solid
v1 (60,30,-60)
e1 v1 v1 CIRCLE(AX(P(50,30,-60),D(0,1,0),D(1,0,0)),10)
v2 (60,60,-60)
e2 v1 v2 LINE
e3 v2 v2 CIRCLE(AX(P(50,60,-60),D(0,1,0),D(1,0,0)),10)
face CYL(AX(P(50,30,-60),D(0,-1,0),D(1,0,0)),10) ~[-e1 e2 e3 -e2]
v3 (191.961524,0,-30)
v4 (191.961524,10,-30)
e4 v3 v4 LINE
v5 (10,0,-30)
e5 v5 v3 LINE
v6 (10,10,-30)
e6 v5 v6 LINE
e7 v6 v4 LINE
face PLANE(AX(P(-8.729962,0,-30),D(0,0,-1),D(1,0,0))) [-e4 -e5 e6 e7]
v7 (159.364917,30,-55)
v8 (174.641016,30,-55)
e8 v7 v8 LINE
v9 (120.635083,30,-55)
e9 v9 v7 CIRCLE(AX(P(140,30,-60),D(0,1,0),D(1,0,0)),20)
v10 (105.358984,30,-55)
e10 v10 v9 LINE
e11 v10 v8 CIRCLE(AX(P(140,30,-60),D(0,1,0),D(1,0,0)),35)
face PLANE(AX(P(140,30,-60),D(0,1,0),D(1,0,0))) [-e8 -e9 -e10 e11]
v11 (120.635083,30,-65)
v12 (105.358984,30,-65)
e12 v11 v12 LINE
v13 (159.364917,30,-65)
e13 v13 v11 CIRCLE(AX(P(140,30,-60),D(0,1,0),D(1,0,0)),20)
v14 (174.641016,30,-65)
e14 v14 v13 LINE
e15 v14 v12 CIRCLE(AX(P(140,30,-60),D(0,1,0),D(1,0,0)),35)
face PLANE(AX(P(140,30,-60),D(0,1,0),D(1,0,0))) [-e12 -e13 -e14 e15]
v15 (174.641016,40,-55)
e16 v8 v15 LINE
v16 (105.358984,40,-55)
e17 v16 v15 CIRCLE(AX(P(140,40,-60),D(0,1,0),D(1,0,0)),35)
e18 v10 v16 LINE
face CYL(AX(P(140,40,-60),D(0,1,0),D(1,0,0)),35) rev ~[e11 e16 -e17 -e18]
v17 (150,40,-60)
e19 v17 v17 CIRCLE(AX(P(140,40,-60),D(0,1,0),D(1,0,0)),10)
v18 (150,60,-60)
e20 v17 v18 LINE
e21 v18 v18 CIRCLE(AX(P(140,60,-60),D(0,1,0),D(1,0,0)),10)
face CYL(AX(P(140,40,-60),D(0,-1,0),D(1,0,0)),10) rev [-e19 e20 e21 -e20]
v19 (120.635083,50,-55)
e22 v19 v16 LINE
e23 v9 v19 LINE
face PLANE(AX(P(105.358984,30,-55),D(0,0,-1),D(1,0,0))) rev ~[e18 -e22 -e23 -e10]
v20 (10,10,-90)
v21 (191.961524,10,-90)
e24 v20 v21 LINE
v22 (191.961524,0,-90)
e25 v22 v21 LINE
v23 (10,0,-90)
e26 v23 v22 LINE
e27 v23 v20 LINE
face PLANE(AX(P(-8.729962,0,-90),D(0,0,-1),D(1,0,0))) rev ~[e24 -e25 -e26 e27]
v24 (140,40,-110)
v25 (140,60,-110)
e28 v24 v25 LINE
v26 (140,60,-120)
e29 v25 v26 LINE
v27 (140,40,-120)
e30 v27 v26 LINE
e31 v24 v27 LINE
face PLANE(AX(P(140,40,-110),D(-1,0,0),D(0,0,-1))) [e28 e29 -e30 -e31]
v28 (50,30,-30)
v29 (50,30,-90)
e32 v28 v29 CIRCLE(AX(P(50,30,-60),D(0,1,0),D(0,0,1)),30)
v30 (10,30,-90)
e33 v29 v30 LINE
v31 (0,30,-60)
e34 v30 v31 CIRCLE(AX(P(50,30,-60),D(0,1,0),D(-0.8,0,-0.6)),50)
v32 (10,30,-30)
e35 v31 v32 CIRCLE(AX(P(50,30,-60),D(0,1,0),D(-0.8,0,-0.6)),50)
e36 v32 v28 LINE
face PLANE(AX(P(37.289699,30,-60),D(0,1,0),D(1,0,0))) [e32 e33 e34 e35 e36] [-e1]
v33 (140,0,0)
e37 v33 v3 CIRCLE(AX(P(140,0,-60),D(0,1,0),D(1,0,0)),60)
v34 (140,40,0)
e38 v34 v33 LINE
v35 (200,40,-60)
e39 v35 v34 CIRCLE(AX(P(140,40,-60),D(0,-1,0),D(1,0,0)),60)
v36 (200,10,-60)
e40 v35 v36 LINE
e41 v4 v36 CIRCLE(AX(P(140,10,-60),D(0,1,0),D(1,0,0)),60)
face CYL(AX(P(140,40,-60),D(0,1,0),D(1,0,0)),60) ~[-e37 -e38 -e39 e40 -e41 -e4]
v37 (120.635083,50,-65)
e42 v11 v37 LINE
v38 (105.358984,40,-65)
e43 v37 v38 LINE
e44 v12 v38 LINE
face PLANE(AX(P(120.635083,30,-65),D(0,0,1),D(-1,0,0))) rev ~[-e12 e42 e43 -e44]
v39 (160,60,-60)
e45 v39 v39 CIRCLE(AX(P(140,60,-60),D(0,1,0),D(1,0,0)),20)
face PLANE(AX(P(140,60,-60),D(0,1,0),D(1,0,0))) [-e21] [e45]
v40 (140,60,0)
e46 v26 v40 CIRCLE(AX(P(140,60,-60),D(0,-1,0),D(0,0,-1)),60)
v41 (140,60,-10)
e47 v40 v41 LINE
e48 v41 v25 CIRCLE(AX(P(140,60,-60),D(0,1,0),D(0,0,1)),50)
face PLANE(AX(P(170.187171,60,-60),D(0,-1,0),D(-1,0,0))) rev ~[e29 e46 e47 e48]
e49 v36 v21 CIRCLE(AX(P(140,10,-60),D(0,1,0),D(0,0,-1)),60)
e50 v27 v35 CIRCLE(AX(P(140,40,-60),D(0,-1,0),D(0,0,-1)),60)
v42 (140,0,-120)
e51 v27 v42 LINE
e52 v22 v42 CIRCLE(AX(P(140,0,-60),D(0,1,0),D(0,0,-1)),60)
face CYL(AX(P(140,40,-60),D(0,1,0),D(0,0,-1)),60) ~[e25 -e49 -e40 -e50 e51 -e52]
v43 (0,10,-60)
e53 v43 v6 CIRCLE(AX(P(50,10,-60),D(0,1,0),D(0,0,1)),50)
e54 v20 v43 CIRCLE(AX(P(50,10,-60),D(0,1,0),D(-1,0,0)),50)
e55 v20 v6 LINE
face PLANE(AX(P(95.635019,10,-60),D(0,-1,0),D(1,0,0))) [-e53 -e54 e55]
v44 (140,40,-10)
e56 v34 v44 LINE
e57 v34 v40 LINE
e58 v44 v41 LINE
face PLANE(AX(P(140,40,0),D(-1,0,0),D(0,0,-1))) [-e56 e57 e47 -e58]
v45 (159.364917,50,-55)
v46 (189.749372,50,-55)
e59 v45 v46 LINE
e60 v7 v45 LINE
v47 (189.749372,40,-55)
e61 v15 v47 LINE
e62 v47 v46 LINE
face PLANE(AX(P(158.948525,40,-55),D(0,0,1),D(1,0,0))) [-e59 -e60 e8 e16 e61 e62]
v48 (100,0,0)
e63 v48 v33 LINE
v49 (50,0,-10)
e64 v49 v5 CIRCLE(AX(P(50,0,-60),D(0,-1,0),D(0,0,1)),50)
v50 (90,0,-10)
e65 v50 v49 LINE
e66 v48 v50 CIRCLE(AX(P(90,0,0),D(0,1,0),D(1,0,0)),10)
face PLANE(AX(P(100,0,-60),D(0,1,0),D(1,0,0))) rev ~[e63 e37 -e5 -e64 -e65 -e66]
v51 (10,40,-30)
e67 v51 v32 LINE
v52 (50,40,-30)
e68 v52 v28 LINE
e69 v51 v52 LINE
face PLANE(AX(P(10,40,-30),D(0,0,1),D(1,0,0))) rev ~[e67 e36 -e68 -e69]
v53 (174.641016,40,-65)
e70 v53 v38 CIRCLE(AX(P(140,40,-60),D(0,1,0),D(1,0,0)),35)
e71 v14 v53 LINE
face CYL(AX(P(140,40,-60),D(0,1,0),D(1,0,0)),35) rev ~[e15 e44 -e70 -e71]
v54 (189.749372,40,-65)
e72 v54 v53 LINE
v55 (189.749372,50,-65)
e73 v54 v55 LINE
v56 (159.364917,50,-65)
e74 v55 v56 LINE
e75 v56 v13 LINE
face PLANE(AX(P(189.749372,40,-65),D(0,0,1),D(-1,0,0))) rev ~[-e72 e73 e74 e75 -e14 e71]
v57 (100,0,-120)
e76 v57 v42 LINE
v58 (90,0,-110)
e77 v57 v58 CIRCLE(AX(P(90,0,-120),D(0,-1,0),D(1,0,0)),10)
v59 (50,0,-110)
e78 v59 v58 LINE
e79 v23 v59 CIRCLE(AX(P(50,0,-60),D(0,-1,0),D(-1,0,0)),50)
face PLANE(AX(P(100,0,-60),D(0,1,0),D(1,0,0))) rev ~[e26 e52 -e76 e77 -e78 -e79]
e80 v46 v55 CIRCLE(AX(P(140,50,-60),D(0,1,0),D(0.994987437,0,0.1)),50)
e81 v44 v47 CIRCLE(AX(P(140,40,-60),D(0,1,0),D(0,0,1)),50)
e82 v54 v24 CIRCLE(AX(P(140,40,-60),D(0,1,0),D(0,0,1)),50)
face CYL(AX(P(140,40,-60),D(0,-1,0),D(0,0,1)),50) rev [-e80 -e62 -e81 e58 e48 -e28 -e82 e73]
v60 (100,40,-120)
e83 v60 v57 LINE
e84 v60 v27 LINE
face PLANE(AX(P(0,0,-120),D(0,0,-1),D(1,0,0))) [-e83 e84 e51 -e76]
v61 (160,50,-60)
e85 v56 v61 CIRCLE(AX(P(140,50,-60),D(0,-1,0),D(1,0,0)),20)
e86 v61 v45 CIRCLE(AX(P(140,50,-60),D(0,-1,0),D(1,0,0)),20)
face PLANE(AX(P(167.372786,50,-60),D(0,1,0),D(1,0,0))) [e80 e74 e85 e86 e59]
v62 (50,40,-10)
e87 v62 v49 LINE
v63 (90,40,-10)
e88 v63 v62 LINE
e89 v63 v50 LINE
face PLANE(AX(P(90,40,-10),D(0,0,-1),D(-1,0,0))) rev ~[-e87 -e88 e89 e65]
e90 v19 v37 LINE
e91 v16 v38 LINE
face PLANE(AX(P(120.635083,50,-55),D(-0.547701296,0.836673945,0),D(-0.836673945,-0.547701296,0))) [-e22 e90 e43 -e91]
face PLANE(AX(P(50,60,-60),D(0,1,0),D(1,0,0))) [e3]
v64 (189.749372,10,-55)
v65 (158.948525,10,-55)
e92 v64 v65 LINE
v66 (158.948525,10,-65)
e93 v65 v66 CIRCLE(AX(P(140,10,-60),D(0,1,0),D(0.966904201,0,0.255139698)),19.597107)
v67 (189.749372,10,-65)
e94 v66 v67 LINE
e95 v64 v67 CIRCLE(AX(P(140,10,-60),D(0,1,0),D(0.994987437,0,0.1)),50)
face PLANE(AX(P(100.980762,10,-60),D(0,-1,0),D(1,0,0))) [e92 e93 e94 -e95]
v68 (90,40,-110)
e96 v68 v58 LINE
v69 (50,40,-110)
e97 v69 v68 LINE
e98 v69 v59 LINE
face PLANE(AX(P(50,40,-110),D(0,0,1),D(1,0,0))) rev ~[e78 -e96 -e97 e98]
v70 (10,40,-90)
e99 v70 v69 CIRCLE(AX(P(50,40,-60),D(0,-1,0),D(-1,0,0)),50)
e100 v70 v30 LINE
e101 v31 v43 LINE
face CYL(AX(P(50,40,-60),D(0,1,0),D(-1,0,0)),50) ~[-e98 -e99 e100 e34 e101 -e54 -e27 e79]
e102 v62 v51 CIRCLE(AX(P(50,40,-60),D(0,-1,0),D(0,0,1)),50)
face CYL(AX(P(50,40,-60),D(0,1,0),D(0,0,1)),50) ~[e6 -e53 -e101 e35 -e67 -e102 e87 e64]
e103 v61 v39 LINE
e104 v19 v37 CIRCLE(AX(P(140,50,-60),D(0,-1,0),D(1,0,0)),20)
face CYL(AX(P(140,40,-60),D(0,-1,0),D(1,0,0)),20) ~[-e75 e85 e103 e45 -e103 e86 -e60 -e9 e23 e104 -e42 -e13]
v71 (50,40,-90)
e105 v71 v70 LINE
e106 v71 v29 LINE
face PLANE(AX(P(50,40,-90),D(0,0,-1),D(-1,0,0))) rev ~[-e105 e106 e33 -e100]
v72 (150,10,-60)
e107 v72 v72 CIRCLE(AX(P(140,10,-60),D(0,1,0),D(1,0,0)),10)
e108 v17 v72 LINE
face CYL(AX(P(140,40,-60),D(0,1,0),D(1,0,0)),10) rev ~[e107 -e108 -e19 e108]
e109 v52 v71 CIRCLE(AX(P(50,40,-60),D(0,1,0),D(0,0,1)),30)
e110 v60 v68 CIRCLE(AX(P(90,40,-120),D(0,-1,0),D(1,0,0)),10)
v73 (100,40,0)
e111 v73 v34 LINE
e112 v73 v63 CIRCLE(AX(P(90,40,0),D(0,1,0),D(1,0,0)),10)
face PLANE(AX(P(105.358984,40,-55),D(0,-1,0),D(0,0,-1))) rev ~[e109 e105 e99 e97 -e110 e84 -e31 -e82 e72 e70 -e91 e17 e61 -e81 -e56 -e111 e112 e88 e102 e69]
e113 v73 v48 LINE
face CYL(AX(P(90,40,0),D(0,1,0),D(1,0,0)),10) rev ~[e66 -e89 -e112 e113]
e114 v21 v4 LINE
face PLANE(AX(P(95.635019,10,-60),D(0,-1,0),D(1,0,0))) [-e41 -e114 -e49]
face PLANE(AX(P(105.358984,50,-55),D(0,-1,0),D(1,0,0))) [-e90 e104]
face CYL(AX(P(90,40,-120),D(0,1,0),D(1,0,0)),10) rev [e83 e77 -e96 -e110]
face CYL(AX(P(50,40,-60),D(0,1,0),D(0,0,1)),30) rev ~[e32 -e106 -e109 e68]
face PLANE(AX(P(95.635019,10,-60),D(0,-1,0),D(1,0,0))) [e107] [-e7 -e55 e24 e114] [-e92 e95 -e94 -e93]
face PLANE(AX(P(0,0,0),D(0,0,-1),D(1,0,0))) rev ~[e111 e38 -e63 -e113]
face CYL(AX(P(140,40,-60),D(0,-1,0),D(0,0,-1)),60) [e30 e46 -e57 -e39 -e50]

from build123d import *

# Parameters (mm, degrees)
SKETCH1_W                 = 200
SKETCH1_H                 = 120
BOSS_EXTRUDE1_DEPTH       = 40
CUT_EXTRUDE2_DEPTH        = 40
CUT_EXTRUDE3_DEPTH        = 40
CUT_EXTRUDE4_DEPTH        = 40
SKETCH5_W                 = 208.7299617
SKETCH5_H                 = 60
CUT_EXTRUDE5_DEPTH        = 10
CUT_EXTRUDE6_DEPTH        = 116
BOSS_EXTRUDE2_DEPTH       = 20
CUT_EXTRUDE7_DEPTH        = 10
SKETCH9_R                 = 10
BOSS_EXTRUDE3_DEPTH       = 30
SKETCH10_R                = 10
CUT_EXTRUDE8_DEPTH        = 69
SKETCH11_R                = 20
SKETCH11_R_2              = 10
BOSS_EXTRUDE4_DEPTH       = 20
SKETCH12_R                = 35
SKETCH12_R_2              = 20
CUT_EXTRUDE9_DEPTH        = 10
BOSS_EXTRUDE10_DEPTH      = 10
BOSS_EXTRUDE10_DEPTH_BACK = 36
BOSS_EXTRUDE11_DEPTH      = 20
CUT_EXTRUDE10_DEPTH       = 20
SKETCH17_W                = 10
SKETCH17_H                = 10
CUT_EXTRUDE11_DEPTH       = 20
SKETCH18_W                = 181.961524227
SKETCH18_H                = 60
CUT_EXTRUDE12_DEPTH       = 20


with BuildPart() as part:
    # Sketch1 → Boss-Extrude1 (new body)
    with BuildSketch(Plane(origin=(0, 0, 0), x_dir=(1, 0, 0), z_dir=(0, 1, 0))):
        with Locations((100, 60)):
            Rectangle(SKETCH1_W, SKETCH1_H)
    extrude(amount=BOSS_EXTRUDE1_DEPTH)

    # Sketch2 → Cut-Extrude2 (cut)
    with BuildSketch(Plane(origin=(0, 40, 0), x_dir=(1, 0, 0), z_dir=(0, 1, 0))):
        Polygon((0, 110), (50, 110), (90, 110), (90, 120), (0, 120), align=None)
        with BuildLine():
            ThreePointArc((0, 60), (14.644660941, 95.355339059), (50, 110))
            Line((50, 110), (0, 110))
            Line((0, 110), (0, 60))
        make_face()
        with BuildLine():
            ThreePointArc((50, 10), (14.644660941, 24.644660941), (0, 60))
            Line((0, 60), (0, 0))
            Line((0, 0), (90, 0))
            Line((90, 0), (90, 10))
            Line((90, 10), (50, 10))
        make_face()
    extrude(amount=-CUT_EXTRUDE2_DEPTH, mode=Mode.SUBTRACT)

    # Sketch3 → Cut-Extrude3 (cut)
    with BuildSketch(Plane(origin=(0, 40, 0), x_dir=(1, 0, 0), z_dir=(0, 1, 0))):
        with BuildLine():
            Line((90, 110), (90, 120))
            Line((90, 120), (100, 120))
            ThreePointArc((100, 120), (97.071067812, 112.928932188), (90, 110))
        make_face()
    extrude(amount=-CUT_EXTRUDE3_DEPTH, mode=Mode.SUBTRACT)

    # Sketch4 → Cut-Extrude4 (cut)
    with BuildSketch(Plane(origin=(0, 40, 0), x_dir=(1, 0, 0), z_dir=(0, 1, 0))):
        with BuildLine():
            Line((90, 10), (90, 0))
            Line((90, 0), (100, 0))
            ThreePointArc((100, 0), (97.071067812, 7.071067812), (90, 10))
        make_face()
    extrude(amount=-CUT_EXTRUDE4_DEPTH, mode=Mode.SUBTRACT)

    # Sketch5 → Cut-Extrude5 (cut)
    with BuildSketch(Plane.XZ):
        with Locations((95.63501915, -60)):
            Rectangle(SKETCH5_W, SKETCH5_H)
    extrude(amount=-CUT_EXTRUDE5_DEPTH, mode=Mode.SUBTRACT)

    # Sketch6 → Cut-Extrude6 (cut)
    with BuildSketch(Plane(origin=(0, 40, 0), x_dir=(1, 0, 0), z_dir=(0, 1, 0))):
        with BuildLine():
            Line((200, 120), (140, 120))
            ThreePointArc((140, 120), (182.426406871, 102.426406871), (200, 60))
            Line((200, 60), (200, 120))
        make_face()
        with BuildLine():
            Line((200, 0), (200, 60))
            ThreePointArc((200, 60), (182.426406871, 17.573593129), (140, 0))
            Line((140, 0), (200, 0))
        make_face()
    extrude(amount=-CUT_EXTRUDE6_DEPTH, mode=Mode.SUBTRACT)

    # Sketch7 → Boss-Extrude2 (add)
    with BuildSketch(Plane(origin=(0, 40, 0), x_dir=(1, 0, 0), z_dir=(0, 1, 0))):
        with BuildLine():
            Line((140, 110), (140, 120))
            ThreePointArc((140, 120), (200, 60), (140, 0))
            Line((140, 0), (140, 10))
            ThreePointArc((140, 10), (190, 60), (140, 110))
        make_face()
    extrude(amount=BOSS_EXTRUDE2_DEPTH)

    # Sketch8 → Cut-Extrude7 (cut)
    with BuildSketch(Plane(origin=(0, 40, 0), x_dir=(1, 0, 0), z_dir=(0, 1, 0))):
        with BuildLine():
            Line((50, 90), (10, 90))
            ThreePointArc((10, 90), (0, 60), (10, 30))
            Line((10, 30), (50, 30))
            ThreePointArc((50, 30), (80, 60), (50, 90))
        make_face()
    extrude(amount=-CUT_EXTRUDE7_DEPTH, mode=Mode.SUBTRACT)

    # Sketch9 → Boss-Extrude3 (add)
    with BuildSketch(Plane(origin=(0, 30, 0), x_dir=(1, 0, 0), z_dir=(0, 1, 0))):
        with Locations((50, 60)):
            Circle(SKETCH9_R)
    extrude(amount=BOSS_EXTRUDE3_DEPTH)

    # Sketch10 → Cut-Extrude8 (cut)
    with BuildSketch(Plane(origin=(0, 40, 0), x_dir=(1, 0, 0), z_dir=(0, 1, 0))):
        with Locations((140, 60)):
            Circle(SKETCH10_R)
    extrude(amount=-CUT_EXTRUDE8_DEPTH, mode=Mode.SUBTRACT)

    # Sketch11 → Boss-Extrude4 (add)
    with BuildSketch(Plane(origin=(0, 40, 0), x_dir=(1, 0, 0), z_dir=(0, 1, 0))):
        with Locations((140, 60)):
            Circle(SKETCH11_R)
        with Locations((140, 60)):
            Circle(SKETCH11_R_2, mode=Mode.SUBTRACT)
    extrude(amount=BOSS_EXTRUDE4_DEPTH)

    # Sketch12 → Cut-Extrude9 (cut)
    with BuildSketch(Plane(origin=(0, 40, 0), x_dir=(1, 0, 0), z_dir=(0, 1, 0))):
        with Locations((140, 60)):
            Circle(SKETCH12_R)
        with Locations((140, 60)):
            Circle(SKETCH12_R_2, mode=Mode.SUBTRACT)
    extrude(amount=-CUT_EXTRUDE9_DEPTH, mode=Mode.SUBTRACT)

    # Sketch14 → Boss-Extrude10 (add, two sides)
    with BuildSketch(Plane(origin=(0, 40, 0), x_dir=(1, 0, 0), z_dir=(0, 1, 0))) as boss_extrude10_sk:
        with BuildLine():
            Line((174.641016151, 65), (160, 65))
            Line((160, 65), (160, 55))
            Line((160, 55), (174.641016151, 55))
            ThreePointArc((174.641016151, 55), (174.91013868, 57.493564812), (175, 60))
            ThreePointArc((175, 60), (174.91013868, 62.506435188), (174.641016151, 65))
        make_face()
        with BuildLine():
            Line((158.948525297, 65), (160, 65))
            Line((160, 65), (160, 55))
            Line((160, 55), (158.948525297, 55))
            ThreePointArc((158.948525297, 55), (159.597107209, 60), (158.948525297, 65))
        make_face()
        with BuildLine():
            Line((189.749371855, 65), (174.641016151, 65))
            ThreePointArc((174.641016151, 65), (174.91013868, 62.506435188), (175, 60))
            ThreePointArc((175, 60), (174.91013868, 57.493564812), (174.641016151, 55))
            Line((174.641016151, 55), (189.749371855, 55))
            ThreePointArc((189.749371855, 55), (190, 60), (189.749371855, 65))
        make_face()
    extrude(amount=BOSS_EXTRUDE10_DEPTH)
    extrude(boss_extrude10_sk.sketch, amount=-BOSS_EXTRUDE10_DEPTH_BACK)

    # Sketch15 → Boss-Extrude11 (add)
    with BuildSketch(Plane(origin=(0, 30, 0), x_dir=(1, 0, 0), z_dir=(0, 1, 0))):
        with BuildLine():
            Line((120.635083269, 55), (120.635083269, 65))
            ThreePointArc((120.635083269, 65), (120, 60), (120.635083269, 55))
        make_face()
        with BuildLine():
            ThreePointArc((120.635083269, 55), (120, 60), (120.635083269, 65))
            Line((120.635083269, 65), (105.358983849, 65))
            ThreePointArc((105.358983849, 65), (105, 60), (105.358983849, 55))
            Line((105.358983849, 55), (120.635083269, 55))
        make_face()
    extrude(amount=BOSS_EXTRUDE11_DEPTH)

    # Sketch16 → Cut-Extrude10 (cut)
    with BuildSketch(Plane.XY.offset(-55)):
        Polygon((120.635083269, 50), (105.358983849, 40), (105.358983849, 50), align=None)
    extrude(amount=-CUT_EXTRUDE10_DEPTH, mode=Mode.SUBTRACT)

    # Sketch17 → Cut-Extrude11 (cut)
    with BuildSketch(Plane(origin=(105.358983849, 0, 0), x_dir=(0, 0, -1), z_dir=(1, 0, 0))):
        with Locations((60, 45)):
            Rectangle(SKETCH17_W, SKETCH17_H)
    extrude(amount=-CUT_EXTRUDE11_DEPTH, mode=Mode.SUBTRACT)

    # Sketch18 → Cut-Extrude12 (cut)
    with BuildSketch(Plane.XZ.offset(-10)):
        with Locations((100.980762114, -60)):
            Rectangle(SKETCH18_W, SKETCH18_H)
    extrude(amount=CUT_EXTRUDE12_DEPTH, mode=Mode.SUBTRACT)


solid = part.part
